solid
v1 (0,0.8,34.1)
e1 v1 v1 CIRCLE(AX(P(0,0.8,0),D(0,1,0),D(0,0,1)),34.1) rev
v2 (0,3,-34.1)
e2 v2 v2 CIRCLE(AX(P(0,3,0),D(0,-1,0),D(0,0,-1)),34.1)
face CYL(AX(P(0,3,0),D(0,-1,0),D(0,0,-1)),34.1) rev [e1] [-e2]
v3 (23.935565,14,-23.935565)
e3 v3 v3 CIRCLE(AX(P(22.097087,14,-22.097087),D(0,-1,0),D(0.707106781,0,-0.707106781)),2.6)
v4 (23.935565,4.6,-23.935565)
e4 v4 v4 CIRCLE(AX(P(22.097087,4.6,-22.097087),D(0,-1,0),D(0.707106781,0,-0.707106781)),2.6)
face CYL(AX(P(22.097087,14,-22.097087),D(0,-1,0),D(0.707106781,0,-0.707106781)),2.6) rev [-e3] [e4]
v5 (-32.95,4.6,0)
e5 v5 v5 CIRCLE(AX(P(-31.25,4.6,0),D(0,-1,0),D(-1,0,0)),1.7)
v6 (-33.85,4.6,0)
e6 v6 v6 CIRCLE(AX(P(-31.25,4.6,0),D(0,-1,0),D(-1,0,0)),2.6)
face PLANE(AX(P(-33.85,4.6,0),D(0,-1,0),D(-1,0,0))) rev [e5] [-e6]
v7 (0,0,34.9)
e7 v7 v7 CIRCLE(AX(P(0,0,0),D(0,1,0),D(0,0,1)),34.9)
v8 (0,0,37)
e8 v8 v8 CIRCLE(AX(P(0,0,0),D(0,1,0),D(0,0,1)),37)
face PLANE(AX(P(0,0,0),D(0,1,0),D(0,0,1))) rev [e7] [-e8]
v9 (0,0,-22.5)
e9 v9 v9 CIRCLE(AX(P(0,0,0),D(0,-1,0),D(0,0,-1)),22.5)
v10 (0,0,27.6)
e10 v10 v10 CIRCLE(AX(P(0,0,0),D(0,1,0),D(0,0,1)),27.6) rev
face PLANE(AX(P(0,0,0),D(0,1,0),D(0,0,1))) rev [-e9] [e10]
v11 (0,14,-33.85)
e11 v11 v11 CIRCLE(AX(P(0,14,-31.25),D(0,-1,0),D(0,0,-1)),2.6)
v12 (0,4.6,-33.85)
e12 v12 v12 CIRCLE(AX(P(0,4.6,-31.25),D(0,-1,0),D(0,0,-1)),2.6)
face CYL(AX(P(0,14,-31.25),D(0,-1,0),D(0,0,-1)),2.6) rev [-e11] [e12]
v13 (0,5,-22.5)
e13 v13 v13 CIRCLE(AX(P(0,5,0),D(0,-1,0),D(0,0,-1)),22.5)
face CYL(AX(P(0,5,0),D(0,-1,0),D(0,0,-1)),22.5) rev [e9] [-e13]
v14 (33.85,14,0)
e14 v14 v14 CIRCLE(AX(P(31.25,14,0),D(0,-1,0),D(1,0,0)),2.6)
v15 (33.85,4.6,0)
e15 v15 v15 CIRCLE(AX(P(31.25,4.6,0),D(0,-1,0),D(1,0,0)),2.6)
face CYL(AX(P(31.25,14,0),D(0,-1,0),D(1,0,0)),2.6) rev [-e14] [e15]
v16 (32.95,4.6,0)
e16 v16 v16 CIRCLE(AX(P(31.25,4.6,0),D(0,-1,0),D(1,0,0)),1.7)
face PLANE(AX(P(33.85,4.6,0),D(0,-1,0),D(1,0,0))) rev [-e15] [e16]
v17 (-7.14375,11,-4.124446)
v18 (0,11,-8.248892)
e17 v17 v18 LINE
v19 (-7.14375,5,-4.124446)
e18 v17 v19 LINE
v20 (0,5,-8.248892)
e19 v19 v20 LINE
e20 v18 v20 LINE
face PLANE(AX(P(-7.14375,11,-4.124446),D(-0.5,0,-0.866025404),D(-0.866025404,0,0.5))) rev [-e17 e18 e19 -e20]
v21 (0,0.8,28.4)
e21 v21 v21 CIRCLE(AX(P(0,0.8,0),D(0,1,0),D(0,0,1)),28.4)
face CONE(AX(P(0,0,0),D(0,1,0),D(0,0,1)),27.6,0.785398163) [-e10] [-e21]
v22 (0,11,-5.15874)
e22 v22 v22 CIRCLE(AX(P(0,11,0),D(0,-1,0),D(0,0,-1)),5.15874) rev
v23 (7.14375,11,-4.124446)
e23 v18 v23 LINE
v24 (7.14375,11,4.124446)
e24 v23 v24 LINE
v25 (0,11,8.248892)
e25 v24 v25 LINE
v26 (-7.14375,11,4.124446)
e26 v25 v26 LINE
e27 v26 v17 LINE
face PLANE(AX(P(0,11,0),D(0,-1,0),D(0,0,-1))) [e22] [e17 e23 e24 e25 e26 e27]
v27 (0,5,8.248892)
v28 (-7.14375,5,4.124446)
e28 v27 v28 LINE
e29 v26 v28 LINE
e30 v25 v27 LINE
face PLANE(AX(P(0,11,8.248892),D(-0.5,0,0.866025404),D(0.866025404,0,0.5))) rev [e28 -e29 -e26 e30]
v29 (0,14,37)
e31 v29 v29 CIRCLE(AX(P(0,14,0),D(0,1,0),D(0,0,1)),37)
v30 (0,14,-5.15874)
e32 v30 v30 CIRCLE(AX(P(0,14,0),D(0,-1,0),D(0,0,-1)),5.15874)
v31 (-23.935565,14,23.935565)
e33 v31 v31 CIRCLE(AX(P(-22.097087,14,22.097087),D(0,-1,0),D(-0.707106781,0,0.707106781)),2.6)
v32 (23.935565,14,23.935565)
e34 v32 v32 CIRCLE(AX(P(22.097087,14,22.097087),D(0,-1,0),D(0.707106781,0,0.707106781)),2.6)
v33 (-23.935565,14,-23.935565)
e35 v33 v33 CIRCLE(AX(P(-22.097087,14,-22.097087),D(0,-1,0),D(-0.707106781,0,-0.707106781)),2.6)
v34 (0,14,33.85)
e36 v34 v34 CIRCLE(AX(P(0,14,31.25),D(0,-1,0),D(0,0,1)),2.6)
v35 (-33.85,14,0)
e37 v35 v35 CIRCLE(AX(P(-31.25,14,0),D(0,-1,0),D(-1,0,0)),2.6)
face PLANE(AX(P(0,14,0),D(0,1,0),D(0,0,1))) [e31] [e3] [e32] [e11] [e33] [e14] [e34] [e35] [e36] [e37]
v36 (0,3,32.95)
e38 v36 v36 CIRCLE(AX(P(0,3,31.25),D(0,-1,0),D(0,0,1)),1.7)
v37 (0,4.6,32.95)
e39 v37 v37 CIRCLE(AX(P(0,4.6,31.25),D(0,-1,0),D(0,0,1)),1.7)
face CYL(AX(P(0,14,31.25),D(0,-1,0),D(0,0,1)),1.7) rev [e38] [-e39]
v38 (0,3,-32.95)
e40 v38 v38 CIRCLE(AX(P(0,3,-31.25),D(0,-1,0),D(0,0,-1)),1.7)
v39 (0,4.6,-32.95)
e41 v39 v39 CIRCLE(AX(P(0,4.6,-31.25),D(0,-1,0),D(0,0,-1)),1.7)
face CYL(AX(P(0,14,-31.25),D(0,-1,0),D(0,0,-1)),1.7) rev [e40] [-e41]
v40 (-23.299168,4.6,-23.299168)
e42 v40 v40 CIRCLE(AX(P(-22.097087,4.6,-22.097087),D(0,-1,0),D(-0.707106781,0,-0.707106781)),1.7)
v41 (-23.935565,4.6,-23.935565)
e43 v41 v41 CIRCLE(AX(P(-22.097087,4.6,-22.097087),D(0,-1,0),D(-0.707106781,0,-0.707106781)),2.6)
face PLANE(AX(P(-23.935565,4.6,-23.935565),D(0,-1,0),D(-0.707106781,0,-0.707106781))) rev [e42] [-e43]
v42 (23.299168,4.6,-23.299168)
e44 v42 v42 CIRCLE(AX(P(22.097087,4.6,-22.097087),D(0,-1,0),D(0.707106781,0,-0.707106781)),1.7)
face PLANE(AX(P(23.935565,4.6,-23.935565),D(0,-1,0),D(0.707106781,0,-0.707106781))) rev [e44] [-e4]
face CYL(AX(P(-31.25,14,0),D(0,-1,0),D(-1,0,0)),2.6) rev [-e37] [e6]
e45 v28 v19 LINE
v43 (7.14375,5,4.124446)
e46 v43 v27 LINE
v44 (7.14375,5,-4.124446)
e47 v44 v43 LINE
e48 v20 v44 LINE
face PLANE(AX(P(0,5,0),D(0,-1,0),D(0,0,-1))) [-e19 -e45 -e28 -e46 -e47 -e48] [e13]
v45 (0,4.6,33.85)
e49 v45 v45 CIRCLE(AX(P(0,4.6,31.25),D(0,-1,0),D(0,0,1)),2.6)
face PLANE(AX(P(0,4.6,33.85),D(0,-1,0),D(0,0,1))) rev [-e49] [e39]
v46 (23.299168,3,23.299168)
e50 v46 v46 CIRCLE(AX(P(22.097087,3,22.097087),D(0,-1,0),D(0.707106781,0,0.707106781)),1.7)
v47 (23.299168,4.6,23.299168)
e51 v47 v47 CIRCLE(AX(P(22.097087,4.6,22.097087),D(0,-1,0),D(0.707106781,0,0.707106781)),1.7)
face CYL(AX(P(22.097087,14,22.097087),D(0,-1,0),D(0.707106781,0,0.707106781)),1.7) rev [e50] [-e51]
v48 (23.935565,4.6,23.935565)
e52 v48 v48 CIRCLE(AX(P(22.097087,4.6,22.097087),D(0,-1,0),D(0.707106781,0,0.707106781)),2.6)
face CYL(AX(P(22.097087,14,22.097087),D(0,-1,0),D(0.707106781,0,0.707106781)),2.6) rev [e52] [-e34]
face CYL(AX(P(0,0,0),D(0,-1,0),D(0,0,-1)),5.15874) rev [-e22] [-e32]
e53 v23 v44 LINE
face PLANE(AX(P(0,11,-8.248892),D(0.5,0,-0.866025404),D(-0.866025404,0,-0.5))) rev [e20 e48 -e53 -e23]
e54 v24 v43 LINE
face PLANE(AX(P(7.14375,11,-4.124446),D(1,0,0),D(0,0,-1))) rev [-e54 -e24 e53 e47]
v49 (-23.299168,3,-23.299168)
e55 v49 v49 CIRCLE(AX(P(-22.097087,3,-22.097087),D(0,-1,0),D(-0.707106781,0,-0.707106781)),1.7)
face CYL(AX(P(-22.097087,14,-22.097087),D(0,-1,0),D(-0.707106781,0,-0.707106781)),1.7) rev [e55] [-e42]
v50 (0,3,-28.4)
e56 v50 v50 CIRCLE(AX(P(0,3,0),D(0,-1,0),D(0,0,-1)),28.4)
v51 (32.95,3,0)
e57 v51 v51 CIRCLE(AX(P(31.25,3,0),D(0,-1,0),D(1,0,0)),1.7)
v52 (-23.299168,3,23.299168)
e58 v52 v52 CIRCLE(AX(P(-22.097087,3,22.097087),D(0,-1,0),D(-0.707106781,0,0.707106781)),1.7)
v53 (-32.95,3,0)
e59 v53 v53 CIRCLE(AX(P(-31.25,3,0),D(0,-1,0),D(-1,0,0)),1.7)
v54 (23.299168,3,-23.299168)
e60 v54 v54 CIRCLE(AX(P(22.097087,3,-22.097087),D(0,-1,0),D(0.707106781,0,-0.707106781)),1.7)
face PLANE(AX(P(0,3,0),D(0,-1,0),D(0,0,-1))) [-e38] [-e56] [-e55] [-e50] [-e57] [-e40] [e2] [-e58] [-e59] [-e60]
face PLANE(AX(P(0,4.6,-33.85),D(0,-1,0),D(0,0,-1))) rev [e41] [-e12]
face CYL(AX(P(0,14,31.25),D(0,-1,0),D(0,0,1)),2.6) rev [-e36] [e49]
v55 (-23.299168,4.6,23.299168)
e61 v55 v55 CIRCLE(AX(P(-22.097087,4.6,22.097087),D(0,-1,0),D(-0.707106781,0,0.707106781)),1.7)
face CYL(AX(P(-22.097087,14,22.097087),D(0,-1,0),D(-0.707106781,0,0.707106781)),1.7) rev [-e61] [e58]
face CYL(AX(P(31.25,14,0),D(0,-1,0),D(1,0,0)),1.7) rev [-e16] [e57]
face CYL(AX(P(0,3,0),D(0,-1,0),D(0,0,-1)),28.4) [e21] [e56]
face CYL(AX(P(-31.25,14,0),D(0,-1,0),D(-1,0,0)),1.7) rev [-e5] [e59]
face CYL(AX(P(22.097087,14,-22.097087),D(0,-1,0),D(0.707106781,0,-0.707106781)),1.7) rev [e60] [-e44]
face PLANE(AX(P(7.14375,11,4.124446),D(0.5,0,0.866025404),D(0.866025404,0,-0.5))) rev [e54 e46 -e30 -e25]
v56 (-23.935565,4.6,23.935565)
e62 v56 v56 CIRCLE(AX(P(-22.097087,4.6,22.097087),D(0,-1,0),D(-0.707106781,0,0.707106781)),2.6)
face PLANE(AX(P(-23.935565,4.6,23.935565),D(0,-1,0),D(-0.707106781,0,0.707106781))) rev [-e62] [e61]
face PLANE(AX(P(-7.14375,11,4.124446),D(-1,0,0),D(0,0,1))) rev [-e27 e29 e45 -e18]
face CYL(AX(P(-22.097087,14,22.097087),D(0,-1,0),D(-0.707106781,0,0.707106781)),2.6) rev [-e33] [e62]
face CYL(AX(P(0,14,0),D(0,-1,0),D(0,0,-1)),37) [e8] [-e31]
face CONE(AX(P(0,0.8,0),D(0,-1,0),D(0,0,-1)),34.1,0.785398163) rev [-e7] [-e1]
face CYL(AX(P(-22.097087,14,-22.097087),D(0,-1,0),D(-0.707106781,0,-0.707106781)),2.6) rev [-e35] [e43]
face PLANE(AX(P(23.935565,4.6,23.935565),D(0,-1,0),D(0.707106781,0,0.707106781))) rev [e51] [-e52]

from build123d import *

# Parameters (mm, degrees)
SKETCH1_R               = 37
SKETCH1_R_2             = 1
BOSS_EXTRUDE1_DEPTH     = 14
F_3_8_CLEARANCE_HOLE1_D = 10.31748
SKETCH8_R               = 34.1
SKETCH8_R_2             = 28.4
CUT_EXTRUDE3_DEPTH      = 3
SKETCH9_R               = 22.5
CUT_EXTRUDE4_DEPTH      = 5
CUT_EXTRUDE2_DEPTH      = 6
CHAMFER1_SIZE           = 0.8
CIRPATTERN1_COUNT       = 8


with BuildPart() as part:
    # Sketch1 → Boss-Extrude1 (new body)
    with BuildSketch(Plane(origin=(0, 0, 0), x_dir=(1, 0, 0), z_dir=(0, 1, 0))):
        with Locations(Location((0, 0, 0), (0, 0, 270))):
            Circle(SKETCH1_R)
        with Locations(Location((0, 31.25, 0), (0, 0, 270))):
            Circle(SKETCH1_R_2, mode=Mode.SUBTRACT)
        with Locations(Location((22.097086912, 22.097086912, 0), (0, 0, 270))):
            Circle(SKETCH1_R_2, mode=Mode.SUBTRACT)
        with Locations(Location((31.25, 0, 0), (0, 0, 270))):
            Circle(SKETCH1_R_2, mode=Mode.SUBTRACT)
        with Locations(Location((22.097086912, -22.097086912, 0), (0, 0, 270))):
            Circle(SKETCH1_R_2, mode=Mode.SUBTRACT)
        with Locations(Location((0, -31.25, 0), (0, 0, 270))):
            Circle(SKETCH1_R_2, mode=Mode.SUBTRACT)
        with Locations(Location((-22.097086912, -22.097086912, 0), (0, 0, 270))):
            Circle(SKETCH1_R_2, mode=Mode.SUBTRACT)
        with Locations(Location((-31.25, 0, 0), (0, 0, 270))):
            Circle(SKETCH1_R_2, mode=Mode.SUBTRACT)
        with Locations(Location((-22.097086912, 22.097086912, 0), (0, 0, 270))):
            Circle(SKETCH1_R_2, mode=Mode.SUBTRACT)
    extrude(amount=BOSS_EXTRUDE1_DEPTH)

    # 3/8 Clearance Hole1 (through all)
    with Locations(Plane(origin=(0, 0, 0), x_dir=(-1, 0, 0), z_dir=(0, -1, 0))):
        with Locations((0, 0)):
            Hole(F_3_8_CLEARANCE_HOLE1_D / 2)

    # Sketch8 → Cut-Extrude3 (cut)
    with BuildSketch(Plane.XZ):
        with Locations(Location((0, 0, 0), (0, 0, 270))):
            Circle(SKETCH8_R)
        with Locations(Location((0, 0, 0), (0, 0, 270))):
            Circle(SKETCH8_R_2, mode=Mode.SUBTRACT)
    extrude(amount=-CUT_EXTRUDE3_DEPTH, mode=Mode.SUBTRACT)

    # Sketch9 → Cut-Extrude4 (cut)
    with BuildSketch(Plane.XZ):
        with Locations(Location((0, 0, 0), (0, 0, 270))):
            Circle(SKETCH9_R)
    extrude(amount=-CUT_EXTRUDE4_DEPTH, mode=Mode.SUBTRACT)

    # Sketch7 → Cut-Extrude2 (cut)
    with BuildSketch(Plane.XZ.offset(-5)):
        Polygon((0, 8.248891971), (-7.14375, 4.124445986), (-7.14375, -4.124445986), (0, -8.248891971), (7.14375, -4.124445986), (7.14375, 4.124445986), align=None)
    extrude(amount=-CUT_EXTRUDE2_DEPTH, mode=Mode.SUBTRACT)

    # Chamfer1
    chamfer1_edges = [part.edges().sort_by_distance(p)[0] for p in [
        (0, 0, 34.1),
        (0, 0, 28.4),
    ]]
    chamfer(chamfer1_edges, length=CHAMFER1_SIZE)

    # Sketch10 → Cut-Revolve1 (revolve, cut)
    with BuildSketch(Plane(origin=(0, 0, 0), x_dir=(0, 0, -1), z_dir=(1, 0, 0))):
        Polygon((32.95, 4.6), (32.95, 3), (31.25, 3), (31.25, 14), (33.85, 14), (33.85, 4.6), align=None)
    cut_revolve1 = revolve(axis=Axis((0, 14, -31.25), (0, 1, 0)), mode=Mode.SUBTRACT)

    # CirPattern1: Cut-Revolve1 ×8 about axis
    cirpattern1_axis = Axis((0, 0, 0), (0, 1, 0))
    for i in range(1, CIRPATTERN1_COUNT):
        add(cut_revolve1.rotate(cirpattern1_axis, i * 360 / CIRPATTERN1_COUNT), mode=Mode.SUBTRACT)


solid = part.part
